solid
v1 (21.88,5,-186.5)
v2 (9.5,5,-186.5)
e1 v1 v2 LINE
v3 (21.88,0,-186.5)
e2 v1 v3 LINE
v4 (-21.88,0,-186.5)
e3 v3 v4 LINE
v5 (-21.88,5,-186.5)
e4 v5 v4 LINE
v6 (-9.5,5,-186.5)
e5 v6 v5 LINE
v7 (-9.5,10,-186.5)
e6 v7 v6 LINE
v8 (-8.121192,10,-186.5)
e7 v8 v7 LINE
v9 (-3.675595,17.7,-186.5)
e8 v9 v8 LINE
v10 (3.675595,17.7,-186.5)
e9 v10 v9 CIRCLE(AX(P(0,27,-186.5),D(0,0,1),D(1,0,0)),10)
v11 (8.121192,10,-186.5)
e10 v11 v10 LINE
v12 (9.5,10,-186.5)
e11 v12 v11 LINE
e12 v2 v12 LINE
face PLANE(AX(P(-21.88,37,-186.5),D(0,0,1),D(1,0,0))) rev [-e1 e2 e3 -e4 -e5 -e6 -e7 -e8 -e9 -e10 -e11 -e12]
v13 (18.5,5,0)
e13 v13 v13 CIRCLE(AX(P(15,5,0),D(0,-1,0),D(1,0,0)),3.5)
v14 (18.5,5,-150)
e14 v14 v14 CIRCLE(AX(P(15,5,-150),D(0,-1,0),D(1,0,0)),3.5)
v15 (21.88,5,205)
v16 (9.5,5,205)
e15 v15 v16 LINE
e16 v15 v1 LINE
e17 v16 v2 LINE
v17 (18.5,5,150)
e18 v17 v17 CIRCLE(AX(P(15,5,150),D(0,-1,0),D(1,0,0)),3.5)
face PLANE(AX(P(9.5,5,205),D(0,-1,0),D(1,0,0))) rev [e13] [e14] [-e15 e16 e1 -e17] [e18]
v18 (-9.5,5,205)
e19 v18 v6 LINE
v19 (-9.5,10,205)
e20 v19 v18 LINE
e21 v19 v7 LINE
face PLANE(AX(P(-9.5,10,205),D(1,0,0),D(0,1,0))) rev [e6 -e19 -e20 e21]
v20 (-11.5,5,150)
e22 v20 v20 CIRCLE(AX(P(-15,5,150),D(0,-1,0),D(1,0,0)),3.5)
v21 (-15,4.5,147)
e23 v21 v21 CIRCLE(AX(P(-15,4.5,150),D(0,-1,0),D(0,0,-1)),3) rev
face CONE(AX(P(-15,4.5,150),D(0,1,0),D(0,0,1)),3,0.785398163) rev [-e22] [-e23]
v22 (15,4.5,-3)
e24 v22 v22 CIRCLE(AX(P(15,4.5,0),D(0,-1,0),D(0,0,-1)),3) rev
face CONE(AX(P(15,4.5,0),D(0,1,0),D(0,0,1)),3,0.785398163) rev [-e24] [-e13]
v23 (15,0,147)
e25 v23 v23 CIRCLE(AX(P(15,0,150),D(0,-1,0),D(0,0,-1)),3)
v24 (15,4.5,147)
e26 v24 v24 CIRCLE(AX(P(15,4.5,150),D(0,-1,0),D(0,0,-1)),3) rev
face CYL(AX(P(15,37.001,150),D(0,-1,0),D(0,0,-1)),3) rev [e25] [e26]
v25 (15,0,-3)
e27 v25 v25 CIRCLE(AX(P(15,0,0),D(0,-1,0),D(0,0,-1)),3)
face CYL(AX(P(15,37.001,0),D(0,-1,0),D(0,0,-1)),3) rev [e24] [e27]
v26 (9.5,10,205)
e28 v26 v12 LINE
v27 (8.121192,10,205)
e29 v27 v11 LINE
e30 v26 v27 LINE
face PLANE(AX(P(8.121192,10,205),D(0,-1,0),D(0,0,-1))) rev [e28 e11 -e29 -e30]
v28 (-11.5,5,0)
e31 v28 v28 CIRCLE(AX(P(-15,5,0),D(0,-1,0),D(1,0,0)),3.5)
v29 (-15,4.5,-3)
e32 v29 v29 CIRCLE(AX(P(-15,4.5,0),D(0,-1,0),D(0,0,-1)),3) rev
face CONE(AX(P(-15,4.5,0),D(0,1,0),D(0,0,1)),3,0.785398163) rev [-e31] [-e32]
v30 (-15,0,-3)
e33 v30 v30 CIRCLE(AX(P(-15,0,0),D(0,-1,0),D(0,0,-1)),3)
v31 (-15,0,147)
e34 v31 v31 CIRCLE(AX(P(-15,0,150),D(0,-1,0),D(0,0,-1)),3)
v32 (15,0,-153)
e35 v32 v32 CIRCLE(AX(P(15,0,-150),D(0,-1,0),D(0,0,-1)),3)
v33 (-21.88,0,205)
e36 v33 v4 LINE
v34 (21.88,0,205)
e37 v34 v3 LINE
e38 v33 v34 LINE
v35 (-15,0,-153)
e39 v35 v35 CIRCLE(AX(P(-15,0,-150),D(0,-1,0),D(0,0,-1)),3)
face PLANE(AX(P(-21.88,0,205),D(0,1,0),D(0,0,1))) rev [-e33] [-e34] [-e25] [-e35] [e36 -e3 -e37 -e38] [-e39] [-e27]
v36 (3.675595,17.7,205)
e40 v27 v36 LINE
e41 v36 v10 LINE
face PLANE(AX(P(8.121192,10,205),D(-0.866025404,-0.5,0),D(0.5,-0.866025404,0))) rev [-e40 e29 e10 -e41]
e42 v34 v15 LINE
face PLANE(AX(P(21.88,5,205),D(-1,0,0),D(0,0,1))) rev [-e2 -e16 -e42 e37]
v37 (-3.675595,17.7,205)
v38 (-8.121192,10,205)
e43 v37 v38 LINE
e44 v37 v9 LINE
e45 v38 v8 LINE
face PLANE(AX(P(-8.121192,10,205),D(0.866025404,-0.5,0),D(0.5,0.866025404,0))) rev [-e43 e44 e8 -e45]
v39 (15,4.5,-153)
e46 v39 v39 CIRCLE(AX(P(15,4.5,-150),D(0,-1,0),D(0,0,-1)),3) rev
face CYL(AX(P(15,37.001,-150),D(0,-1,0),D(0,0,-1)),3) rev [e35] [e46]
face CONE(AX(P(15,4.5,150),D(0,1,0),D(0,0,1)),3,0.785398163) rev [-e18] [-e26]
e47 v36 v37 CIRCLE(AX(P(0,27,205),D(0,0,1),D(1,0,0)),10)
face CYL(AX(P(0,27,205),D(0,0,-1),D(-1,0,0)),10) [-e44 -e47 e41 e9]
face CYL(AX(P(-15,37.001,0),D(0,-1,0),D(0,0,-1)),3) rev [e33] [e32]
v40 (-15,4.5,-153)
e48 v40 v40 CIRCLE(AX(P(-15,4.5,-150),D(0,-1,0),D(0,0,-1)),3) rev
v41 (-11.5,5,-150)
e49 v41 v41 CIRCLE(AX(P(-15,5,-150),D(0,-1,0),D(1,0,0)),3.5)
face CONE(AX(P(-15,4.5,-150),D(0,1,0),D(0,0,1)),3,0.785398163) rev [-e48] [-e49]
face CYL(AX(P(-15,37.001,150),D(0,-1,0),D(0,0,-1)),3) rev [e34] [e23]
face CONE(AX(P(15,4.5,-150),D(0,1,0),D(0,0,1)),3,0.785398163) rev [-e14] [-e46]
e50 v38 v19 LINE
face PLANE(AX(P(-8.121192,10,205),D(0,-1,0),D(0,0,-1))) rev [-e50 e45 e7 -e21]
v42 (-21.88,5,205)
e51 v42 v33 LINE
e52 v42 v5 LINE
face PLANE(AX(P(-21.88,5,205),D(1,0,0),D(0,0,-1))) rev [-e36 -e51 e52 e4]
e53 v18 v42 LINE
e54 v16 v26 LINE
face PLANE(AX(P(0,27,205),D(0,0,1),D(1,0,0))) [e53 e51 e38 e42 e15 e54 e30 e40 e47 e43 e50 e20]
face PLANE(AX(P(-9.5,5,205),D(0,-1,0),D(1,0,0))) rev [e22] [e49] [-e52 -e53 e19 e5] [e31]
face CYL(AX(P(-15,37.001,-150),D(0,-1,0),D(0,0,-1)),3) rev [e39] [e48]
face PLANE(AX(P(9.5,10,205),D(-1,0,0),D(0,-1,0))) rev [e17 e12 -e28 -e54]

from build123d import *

# Parameters (mm, degrees)
SALIENTE_EXTRUIR1_DEPTH = 205
CORTAR_EXTRUIR1_REACH   = 211.458
CROQUIS2_R              = 3
CHAFL_N1_SIZE           = 0.5
CROQUIS3_W              = 43.76
CROQUIS3_H              = 18.5
CORTAR_EXTRUIR2_DEPTH   = 210.458192487


with BuildPart() as part:
    # Croquis1 → Saliente-Extruir1 (new, symmetric)
    with BuildSketch(Plane.XY):
        with BuildLine():
            Line((-8.121192263, 10), (-3.67559519, 17.7))
            ThreePointArc((-3.67559519, 17.7), (0, 37), (3.67559519, 17.7))
            Line((3.67559519, 17.7), (8.121192263, 10))
            Line((8.121192263, 10), (9.5, 10))
            Line((9.5, 10), (9.5, 5))
            Line((9.5, 5), (21.88, 5))
            Line((21.88, 5), (21.88, 0))
            Line((21.88, 0), (-21.88, 0))
            Line((-21.88, 0), (-21.88, 5))
            Line((-21.88, 5), (-9.5, 5))
            Line((-9.5, 5), (-9.5, 10))
            Line((-9.5, 10), (-8.121192263, 10))
        make_face()
    extrude(amount=SALIENTE_EXTRUIR1_DEPTH, both=True)

    # Croquis2 → Cortar-Extruir1 (cut, up to next)
    with BuildSketch(Plane.XZ, mode=Mode.PRIVATE) as cortar_extruir1_sk1:
        with Locations(Location((15, 150, 0), (0, 0, 270))):
            Circle(CROQUIS2_R)
    cortar_extruir1_tool1 = extrude(cortar_extruir1_sk1.sketch, amount=-CORTAR_EXTRUIR1_REACH, mode=Mode.PRIVATE) & part.part
    # Croquis2 → Cortar-Extruir1 (cut, up to next)
    with BuildSketch(Plane.XZ, mode=Mode.PRIVATE) as cortar_extruir1_sk2:
        with Locations(Location((-15, 150, 0), (0, 0, 270))):
            Circle(CROQUIS2_R)
    cortar_extruir1_tool2 = extrude(cortar_extruir1_sk2.sketch, amount=-CORTAR_EXTRUIR1_REACH, mode=Mode.PRIVATE) & part.part
    # Croquis2 → Cortar-Extruir1 (cut, up to next)
    with BuildSketch(Plane.XZ, mode=Mode.PRIVATE) as cortar_extruir1_sk3:
        with Locations(Location((-15, 0, 0), (0, 0, 270))):
            Circle(CROQUIS2_R)
    cortar_extruir1_tool3 = extrude(cortar_extruir1_sk3.sketch, amount=-CORTAR_EXTRUIR1_REACH, mode=Mode.PRIVATE) & part.part
    # Croquis2 → Cortar-Extruir1 (cut, up to next)
    with BuildSketch(Plane.XZ, mode=Mode.PRIVATE) as cortar_extruir1_sk4:
        with Locations(Location((15, 0, 0), (0, 0, 270))):
            Circle(CROQUIS2_R)
    cortar_extruir1_tool4 = extrude(cortar_extruir1_sk4.sketch, amount=-CORTAR_EXTRUIR1_REACH, mode=Mode.PRIVATE) & part.part
    # Croquis2 → Cortar-Extruir1 (cut, up to next)
    with BuildSketch(Plane.XZ, mode=Mode.PRIVATE) as cortar_extruir1_sk5:
        with Locations(Location((15, -150, 0), (0, 0, 270))):
            Circle(CROQUIS2_R)
    cortar_extruir1_tool5 = extrude(cortar_extruir1_sk5.sketch, amount=-CORTAR_EXTRUIR1_REACH, mode=Mode.PRIVATE) & part.part
    # Croquis2 → Cortar-Extruir1 (cut, up to next)
    with BuildSketch(Plane.XZ, mode=Mode.PRIVATE) as cortar_extruir1_sk6:
        with Locations(Location((-15, -150, 0), (0, 0, 270))):
            Circle(CROQUIS2_R)
    cortar_extruir1_tool6 = extrude(cortar_extruir1_sk6.sketch, amount=-CORTAR_EXTRUIR1_REACH, mode=Mode.PRIVATE) & part.part
    add(cortar_extruir1_tool1.solids().sort_by_distance((15, 0, 150))[0], mode=Mode.SUBTRACT)
    add(cortar_extruir1_tool2.solids().sort_by_distance((-15, 0, 150))[0], mode=Mode.SUBTRACT)
    add(cortar_extruir1_tool3.solids().sort_by_distance((-15, 0, 0))[0], mode=Mode.SUBTRACT)
    add(cortar_extruir1_tool4.solids().sort_by_distance((15, 0, 0))[0], mode=Mode.SUBTRACT)
    add(cortar_extruir1_tool5.solids().sort_by_distance((15, 0, -150))[0], mode=Mode.SUBTRACT)
    add(cortar_extruir1_tool6.solids().sort_by_distance((-15, 0, -150))[0], mode=Mode.SUBTRACT)

    # Chaflán1
    chafl_n1_edges = [part.edges().sort_by_distance(p)[0] for p in [
        (-15, 5, 153),
        (-15, 5, 3),
        (15, 5, 3),
        (15, 5, -147),
        (-15, 5, -147),
        (15, 5, 153),
    ]]
    chamfer(chafl_n1_edges, length=CHAFL_N1_SIZE)

    # Croquis3 → Cortar-Extruir2 (cut, through all)
    with BuildSketch(Plane.XZ):
        with Locations((0, -195.75)):
            Rectangle(CROQUIS3_W, CROQUIS3_H)
    extrude(amount=-CORTAR_EXTRUIR2_DEPTH, mode=Mode.SUBTRACT)


solid = part.part
